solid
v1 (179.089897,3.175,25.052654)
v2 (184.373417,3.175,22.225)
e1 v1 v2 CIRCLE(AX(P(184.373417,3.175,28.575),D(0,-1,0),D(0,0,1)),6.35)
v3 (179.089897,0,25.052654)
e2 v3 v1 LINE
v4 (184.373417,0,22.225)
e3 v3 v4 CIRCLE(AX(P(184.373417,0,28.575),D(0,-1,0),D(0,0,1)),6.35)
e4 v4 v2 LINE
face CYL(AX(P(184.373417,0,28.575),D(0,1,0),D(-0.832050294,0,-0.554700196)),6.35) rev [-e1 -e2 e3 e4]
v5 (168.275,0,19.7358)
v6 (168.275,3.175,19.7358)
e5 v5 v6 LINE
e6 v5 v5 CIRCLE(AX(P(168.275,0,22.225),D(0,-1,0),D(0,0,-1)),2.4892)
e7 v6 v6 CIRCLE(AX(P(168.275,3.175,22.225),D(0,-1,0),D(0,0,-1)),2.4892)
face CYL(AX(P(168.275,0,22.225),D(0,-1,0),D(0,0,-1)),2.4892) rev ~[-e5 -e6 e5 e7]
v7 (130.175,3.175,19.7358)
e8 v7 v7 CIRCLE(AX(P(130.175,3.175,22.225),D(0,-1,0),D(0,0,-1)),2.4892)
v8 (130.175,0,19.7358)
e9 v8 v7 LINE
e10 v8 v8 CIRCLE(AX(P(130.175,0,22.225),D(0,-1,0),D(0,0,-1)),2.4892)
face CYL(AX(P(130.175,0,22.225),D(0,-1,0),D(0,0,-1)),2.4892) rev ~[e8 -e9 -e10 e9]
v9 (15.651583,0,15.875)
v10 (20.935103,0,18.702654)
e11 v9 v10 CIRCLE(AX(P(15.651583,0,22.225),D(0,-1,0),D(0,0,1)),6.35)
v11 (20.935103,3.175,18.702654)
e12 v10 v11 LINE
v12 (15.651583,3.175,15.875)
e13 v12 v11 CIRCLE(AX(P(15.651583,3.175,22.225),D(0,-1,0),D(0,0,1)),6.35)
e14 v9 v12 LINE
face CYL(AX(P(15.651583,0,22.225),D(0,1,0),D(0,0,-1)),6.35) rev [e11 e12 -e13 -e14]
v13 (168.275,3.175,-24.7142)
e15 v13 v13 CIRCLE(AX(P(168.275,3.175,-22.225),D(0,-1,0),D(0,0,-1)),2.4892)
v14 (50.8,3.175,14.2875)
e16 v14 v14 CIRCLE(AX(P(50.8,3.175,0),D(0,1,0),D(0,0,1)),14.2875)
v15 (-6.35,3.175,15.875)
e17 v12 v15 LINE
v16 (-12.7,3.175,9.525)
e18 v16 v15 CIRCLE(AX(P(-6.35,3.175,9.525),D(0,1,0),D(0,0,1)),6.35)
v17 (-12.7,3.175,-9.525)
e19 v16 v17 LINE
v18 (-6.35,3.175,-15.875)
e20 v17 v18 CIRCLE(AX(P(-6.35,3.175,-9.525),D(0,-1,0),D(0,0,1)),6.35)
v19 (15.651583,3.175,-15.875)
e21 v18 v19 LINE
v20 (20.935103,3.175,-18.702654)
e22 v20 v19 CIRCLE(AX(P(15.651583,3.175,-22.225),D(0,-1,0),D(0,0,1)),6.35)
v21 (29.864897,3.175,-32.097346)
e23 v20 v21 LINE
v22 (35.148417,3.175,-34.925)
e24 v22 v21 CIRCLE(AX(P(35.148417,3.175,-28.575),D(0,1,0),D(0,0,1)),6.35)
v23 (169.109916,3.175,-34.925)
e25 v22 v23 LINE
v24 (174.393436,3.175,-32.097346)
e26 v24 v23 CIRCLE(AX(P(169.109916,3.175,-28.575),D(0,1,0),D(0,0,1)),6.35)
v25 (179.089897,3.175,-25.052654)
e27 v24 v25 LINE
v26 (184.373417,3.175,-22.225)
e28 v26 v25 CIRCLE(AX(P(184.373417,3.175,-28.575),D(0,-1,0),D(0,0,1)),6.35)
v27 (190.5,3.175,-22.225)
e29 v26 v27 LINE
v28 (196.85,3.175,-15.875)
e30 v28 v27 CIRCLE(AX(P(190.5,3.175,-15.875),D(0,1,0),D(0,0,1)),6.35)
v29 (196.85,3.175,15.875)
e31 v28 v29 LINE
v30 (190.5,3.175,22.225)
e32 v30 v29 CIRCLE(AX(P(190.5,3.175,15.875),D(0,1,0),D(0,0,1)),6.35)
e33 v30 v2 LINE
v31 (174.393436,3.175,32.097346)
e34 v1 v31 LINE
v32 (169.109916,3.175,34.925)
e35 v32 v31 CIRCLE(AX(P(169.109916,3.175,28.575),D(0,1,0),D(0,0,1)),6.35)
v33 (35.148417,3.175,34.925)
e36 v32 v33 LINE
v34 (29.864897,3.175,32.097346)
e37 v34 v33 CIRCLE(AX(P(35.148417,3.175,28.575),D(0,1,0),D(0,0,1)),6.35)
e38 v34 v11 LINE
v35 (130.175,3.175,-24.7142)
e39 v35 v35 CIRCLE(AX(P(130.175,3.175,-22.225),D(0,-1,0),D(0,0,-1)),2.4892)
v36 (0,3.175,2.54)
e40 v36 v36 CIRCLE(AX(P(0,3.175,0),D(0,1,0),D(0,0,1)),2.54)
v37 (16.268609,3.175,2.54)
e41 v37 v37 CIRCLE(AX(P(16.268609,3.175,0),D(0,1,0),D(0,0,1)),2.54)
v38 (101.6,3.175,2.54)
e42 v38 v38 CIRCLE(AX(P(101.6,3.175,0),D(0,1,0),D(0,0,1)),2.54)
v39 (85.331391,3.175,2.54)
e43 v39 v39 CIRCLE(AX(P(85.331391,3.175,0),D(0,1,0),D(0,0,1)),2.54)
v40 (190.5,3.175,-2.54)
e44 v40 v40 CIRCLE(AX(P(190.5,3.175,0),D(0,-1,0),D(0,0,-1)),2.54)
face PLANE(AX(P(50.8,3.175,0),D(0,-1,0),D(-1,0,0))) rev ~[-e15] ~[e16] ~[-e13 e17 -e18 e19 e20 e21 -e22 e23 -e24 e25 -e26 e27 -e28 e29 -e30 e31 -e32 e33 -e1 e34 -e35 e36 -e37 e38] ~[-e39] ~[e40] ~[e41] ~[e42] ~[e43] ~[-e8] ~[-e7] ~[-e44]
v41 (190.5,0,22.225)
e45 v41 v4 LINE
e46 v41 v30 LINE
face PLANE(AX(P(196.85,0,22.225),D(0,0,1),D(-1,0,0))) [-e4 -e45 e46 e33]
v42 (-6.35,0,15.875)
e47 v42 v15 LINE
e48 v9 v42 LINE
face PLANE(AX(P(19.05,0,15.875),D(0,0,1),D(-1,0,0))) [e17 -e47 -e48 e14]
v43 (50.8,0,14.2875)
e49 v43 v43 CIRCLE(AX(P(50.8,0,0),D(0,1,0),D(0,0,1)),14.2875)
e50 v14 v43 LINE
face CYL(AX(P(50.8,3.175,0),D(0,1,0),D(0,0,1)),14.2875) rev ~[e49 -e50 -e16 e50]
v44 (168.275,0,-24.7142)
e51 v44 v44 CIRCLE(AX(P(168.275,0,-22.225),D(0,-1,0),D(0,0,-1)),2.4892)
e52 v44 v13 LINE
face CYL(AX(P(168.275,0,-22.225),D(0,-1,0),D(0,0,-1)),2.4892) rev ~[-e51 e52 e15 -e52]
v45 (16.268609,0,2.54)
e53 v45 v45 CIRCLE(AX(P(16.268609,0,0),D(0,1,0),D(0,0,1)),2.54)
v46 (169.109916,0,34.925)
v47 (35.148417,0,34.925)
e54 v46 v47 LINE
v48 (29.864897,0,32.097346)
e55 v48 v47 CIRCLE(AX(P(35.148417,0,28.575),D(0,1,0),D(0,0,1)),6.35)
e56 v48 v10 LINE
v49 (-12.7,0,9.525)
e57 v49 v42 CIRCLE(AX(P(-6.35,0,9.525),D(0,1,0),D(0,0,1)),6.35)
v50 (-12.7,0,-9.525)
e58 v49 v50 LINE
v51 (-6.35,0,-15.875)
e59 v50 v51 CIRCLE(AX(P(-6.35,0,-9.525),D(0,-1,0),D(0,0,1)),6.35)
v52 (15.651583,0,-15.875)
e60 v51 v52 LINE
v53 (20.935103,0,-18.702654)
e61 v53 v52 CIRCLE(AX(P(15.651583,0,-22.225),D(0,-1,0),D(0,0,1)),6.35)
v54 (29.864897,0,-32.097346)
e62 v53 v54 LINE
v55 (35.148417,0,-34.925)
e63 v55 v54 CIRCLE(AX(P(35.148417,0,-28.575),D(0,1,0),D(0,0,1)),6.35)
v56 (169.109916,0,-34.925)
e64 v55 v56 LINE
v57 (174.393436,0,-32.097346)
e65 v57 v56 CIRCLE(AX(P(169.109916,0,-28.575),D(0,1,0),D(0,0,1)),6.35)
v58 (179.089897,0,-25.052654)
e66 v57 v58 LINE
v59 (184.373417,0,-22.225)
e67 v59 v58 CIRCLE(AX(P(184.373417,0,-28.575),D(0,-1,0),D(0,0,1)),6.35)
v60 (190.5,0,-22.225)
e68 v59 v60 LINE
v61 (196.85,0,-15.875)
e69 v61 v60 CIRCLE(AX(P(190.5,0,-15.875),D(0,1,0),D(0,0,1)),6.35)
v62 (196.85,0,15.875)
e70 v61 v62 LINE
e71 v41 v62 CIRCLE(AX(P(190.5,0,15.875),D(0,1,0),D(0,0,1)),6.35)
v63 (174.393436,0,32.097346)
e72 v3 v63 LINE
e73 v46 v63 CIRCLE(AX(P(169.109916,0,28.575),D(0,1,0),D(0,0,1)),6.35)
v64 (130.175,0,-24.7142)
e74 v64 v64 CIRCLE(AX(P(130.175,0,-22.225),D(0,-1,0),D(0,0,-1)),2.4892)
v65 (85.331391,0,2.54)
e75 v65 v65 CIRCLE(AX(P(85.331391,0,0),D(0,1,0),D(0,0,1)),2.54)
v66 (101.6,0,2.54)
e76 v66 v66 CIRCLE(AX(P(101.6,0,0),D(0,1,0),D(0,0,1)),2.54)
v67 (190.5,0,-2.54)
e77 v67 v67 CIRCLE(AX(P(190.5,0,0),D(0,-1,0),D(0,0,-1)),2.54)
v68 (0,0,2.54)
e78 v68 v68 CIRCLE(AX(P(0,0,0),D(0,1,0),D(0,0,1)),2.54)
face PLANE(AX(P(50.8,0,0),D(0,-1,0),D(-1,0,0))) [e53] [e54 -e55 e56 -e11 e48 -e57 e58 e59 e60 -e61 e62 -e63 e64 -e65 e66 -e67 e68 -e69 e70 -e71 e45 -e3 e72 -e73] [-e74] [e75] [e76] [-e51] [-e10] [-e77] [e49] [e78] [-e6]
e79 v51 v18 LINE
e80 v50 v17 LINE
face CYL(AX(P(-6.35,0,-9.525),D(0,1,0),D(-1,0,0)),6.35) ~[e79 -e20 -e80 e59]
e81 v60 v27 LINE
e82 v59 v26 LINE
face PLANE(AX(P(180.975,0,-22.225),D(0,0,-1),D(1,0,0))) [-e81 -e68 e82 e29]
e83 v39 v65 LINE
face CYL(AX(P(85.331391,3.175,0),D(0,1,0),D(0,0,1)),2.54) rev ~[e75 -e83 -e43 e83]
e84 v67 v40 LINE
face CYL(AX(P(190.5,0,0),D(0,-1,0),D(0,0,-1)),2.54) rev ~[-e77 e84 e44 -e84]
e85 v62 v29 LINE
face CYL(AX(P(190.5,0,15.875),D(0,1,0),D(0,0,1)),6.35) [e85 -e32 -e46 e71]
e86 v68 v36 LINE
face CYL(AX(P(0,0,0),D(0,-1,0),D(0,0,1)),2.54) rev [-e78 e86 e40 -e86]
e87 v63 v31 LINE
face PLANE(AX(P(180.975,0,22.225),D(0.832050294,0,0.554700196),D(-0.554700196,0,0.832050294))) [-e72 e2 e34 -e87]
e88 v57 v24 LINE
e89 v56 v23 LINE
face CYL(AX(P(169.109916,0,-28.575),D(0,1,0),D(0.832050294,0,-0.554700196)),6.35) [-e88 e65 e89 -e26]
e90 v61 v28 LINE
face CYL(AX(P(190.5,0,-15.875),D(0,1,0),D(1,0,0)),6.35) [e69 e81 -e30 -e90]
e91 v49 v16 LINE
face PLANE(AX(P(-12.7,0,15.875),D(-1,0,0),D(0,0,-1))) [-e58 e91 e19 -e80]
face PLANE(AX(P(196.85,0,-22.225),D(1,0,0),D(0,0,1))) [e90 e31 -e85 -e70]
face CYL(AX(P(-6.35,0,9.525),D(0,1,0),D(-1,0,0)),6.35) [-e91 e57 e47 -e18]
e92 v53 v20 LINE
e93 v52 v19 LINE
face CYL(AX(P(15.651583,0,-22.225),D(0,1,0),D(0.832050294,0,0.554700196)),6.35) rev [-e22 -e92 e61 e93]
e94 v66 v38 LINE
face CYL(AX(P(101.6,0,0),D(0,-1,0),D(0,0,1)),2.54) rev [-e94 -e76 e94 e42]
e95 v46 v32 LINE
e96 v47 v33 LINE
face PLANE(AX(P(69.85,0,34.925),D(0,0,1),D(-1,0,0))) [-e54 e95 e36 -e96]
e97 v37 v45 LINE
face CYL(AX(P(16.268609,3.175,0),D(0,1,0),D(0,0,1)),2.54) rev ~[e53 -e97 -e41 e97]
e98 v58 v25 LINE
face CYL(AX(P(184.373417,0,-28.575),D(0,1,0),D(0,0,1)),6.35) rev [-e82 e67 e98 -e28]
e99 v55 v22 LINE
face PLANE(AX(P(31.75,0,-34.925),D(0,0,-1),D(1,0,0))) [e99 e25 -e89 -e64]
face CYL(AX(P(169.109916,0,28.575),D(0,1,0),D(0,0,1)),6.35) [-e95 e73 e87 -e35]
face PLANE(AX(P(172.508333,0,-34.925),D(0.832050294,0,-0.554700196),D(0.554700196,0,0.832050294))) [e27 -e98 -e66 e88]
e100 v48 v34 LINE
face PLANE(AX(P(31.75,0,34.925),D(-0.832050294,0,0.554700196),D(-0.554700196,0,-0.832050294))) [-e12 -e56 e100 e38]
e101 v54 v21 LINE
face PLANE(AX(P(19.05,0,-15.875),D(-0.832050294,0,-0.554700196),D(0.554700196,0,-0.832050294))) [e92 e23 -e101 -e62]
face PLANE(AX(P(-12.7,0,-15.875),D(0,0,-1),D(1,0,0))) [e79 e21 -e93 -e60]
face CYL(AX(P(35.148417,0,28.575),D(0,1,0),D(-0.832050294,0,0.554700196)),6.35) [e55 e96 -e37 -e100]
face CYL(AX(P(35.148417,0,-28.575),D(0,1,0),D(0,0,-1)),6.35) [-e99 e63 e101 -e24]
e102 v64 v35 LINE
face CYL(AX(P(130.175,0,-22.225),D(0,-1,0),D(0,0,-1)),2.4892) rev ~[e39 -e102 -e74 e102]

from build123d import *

# Parameters (mm, degrees)
SKETCH1_R           = 2.54
BOSS_EXTRUDE1_DEPTH = 3.175
SKETCH2_R           = 14.2875
CUT_EXTRUDE1_DEPTH  = 3.175
SKETCH3_R           = 2.54
CUT_EXTRUDE2_DEPTH  = 120.558881937
SKETCH5_R           = 2.4892
SKETCH5_R_2         = 2.54
BOSS_EXTRUDE2_DEPTH = 3.175
FILLET1_R           = 6.35


with BuildPart() as part:
    # Sketch1 → Boss-Extrude1 (new body)
    with BuildSketch(Plane(origin=(0, 0, 0), x_dir=(1, 0, 0), z_dir=(0, 1, 0))):
        Polygon((19.05, 15.875), (31.75, 34.925), (69.85, 34.925), (82.55, 15.875), (114.3, 15.875), (114.3, -15.875), (82.55, -15.875), (69.85, -34.925), (31.75, -34.925), (19.05, -15.875), (-12.7, -15.875), (-12.7, 15.875), align=None)
        with Locations(Location((0, 0, 0), (0, 0, 270))):
            Circle(SKETCH1_R, mode=Mode.SUBTRACT)
        with Locations(Location((101.6, 0, 0), (0, 0, 270))):
            Circle(SKETCH1_R, mode=Mode.SUBTRACT)
    extrude(amount=BOSS_EXTRUDE1_DEPTH)

    # Sketch2 → Cut-Extrude1 (cut)
    with BuildSketch(Plane(origin=(0, 3.175, 0), x_dir=(1, 0, 0), z_dir=(0, 1, 0))):
        with Locations(Location((50.8, 0, 0), (0, 0, 270))):
            Circle(SKETCH2_R)
    extrude(amount=-CUT_EXTRUDE1_DEPTH, mode=Mode.SUBTRACT)

    # Sketch3 → Cut-Extrude2 (cut, through all)
    with BuildSketch(Plane(origin=(0, 3.175, 0), x_dir=(1, 0, 0), z_dir=(0, 1, 0))):
        with Locations(Location((85.331391081, 0, 0), (0, 0, 270))):
            Circle(SKETCH3_R)
        with Locations(Location((16.268608919, 0, 0), (0, 0, 270))):
            Circle(SKETCH3_R)
    extrude(amount=-CUT_EXTRUDE2_DEPTH, mode=Mode.SUBTRACT)

    # Sketch5 → Boss-Extrude2 (add)
    with BuildSketch(Plane.XZ):
        Polygon((69.85, 34.925), (69.85, -34.925), (172.508333333, -34.925), (180.975, -22.225), (196.85, -22.225), (196.85, 22.225), (180.975, 22.225), (172.508333333, 34.925), align=None)
        with Locations(Location((130.175, -22.225, 0), (0, 0, 270))):
            Circle(SKETCH5_R, mode=Mode.SUBTRACT)
        with Locations(Location((168.275, -22.225, 0), (0, 0, 270))):
            Circle(SKETCH5_R, mode=Mode.SUBTRACT)
        with Locations(Location((85.331391081, 0, 0), (0, 0, 90))):
            Circle(SKETCH5_R_2, mode=Mode.SUBTRACT)
        with Locations(Location((101.6, 0, 0), (0, 0, 90))):
            Circle(SKETCH5_R_2, mode=Mode.SUBTRACT)
        with Locations(Location((130.175, 22.225, 0), (0, 0, 270))):
            Circle(SKETCH5_R, mode=Mode.SUBTRACT)
        with Locations(Location((190.5, 0, 0), (0, 0, 270))):
            Circle(SKETCH5_R_2, mode=Mode.SUBTRACT)
        with Locations(Location((168.275, 22.225, 0), (0, 0, 270))):
            Circle(SKETCH5_R, mode=Mode.SUBTRACT)
    extrude(amount=-BOSS_EXTRUDE2_DEPTH)

    # Fillet1
    fillet1_edges = [part.edges().sort_by_distance(p)[0] for p in [
        (19.05, 1.5875, -15.875),
        (31.75, 1.5875, -34.925),
        (31.75, 1.5875, 34.925),
        (19.05, 1.5875, 15.875),
        (-12.7, 1.5875, 15.875),
        (-12.7, 1.5875, -15.875),
        (172.508333333, 1.5875, 34.925),
        (172.508333333, 1.5875, -34.925),
        (180.975, 1.5875, -22.225),
        (196.85, 1.5875, -22.225),
        (196.85, 1.5875, 22.225),
        (180.975, 1.5875, 22.225),
    ]]
    fillet(fillet1_edges, radius=FILLET1_R)


solid = part.part
